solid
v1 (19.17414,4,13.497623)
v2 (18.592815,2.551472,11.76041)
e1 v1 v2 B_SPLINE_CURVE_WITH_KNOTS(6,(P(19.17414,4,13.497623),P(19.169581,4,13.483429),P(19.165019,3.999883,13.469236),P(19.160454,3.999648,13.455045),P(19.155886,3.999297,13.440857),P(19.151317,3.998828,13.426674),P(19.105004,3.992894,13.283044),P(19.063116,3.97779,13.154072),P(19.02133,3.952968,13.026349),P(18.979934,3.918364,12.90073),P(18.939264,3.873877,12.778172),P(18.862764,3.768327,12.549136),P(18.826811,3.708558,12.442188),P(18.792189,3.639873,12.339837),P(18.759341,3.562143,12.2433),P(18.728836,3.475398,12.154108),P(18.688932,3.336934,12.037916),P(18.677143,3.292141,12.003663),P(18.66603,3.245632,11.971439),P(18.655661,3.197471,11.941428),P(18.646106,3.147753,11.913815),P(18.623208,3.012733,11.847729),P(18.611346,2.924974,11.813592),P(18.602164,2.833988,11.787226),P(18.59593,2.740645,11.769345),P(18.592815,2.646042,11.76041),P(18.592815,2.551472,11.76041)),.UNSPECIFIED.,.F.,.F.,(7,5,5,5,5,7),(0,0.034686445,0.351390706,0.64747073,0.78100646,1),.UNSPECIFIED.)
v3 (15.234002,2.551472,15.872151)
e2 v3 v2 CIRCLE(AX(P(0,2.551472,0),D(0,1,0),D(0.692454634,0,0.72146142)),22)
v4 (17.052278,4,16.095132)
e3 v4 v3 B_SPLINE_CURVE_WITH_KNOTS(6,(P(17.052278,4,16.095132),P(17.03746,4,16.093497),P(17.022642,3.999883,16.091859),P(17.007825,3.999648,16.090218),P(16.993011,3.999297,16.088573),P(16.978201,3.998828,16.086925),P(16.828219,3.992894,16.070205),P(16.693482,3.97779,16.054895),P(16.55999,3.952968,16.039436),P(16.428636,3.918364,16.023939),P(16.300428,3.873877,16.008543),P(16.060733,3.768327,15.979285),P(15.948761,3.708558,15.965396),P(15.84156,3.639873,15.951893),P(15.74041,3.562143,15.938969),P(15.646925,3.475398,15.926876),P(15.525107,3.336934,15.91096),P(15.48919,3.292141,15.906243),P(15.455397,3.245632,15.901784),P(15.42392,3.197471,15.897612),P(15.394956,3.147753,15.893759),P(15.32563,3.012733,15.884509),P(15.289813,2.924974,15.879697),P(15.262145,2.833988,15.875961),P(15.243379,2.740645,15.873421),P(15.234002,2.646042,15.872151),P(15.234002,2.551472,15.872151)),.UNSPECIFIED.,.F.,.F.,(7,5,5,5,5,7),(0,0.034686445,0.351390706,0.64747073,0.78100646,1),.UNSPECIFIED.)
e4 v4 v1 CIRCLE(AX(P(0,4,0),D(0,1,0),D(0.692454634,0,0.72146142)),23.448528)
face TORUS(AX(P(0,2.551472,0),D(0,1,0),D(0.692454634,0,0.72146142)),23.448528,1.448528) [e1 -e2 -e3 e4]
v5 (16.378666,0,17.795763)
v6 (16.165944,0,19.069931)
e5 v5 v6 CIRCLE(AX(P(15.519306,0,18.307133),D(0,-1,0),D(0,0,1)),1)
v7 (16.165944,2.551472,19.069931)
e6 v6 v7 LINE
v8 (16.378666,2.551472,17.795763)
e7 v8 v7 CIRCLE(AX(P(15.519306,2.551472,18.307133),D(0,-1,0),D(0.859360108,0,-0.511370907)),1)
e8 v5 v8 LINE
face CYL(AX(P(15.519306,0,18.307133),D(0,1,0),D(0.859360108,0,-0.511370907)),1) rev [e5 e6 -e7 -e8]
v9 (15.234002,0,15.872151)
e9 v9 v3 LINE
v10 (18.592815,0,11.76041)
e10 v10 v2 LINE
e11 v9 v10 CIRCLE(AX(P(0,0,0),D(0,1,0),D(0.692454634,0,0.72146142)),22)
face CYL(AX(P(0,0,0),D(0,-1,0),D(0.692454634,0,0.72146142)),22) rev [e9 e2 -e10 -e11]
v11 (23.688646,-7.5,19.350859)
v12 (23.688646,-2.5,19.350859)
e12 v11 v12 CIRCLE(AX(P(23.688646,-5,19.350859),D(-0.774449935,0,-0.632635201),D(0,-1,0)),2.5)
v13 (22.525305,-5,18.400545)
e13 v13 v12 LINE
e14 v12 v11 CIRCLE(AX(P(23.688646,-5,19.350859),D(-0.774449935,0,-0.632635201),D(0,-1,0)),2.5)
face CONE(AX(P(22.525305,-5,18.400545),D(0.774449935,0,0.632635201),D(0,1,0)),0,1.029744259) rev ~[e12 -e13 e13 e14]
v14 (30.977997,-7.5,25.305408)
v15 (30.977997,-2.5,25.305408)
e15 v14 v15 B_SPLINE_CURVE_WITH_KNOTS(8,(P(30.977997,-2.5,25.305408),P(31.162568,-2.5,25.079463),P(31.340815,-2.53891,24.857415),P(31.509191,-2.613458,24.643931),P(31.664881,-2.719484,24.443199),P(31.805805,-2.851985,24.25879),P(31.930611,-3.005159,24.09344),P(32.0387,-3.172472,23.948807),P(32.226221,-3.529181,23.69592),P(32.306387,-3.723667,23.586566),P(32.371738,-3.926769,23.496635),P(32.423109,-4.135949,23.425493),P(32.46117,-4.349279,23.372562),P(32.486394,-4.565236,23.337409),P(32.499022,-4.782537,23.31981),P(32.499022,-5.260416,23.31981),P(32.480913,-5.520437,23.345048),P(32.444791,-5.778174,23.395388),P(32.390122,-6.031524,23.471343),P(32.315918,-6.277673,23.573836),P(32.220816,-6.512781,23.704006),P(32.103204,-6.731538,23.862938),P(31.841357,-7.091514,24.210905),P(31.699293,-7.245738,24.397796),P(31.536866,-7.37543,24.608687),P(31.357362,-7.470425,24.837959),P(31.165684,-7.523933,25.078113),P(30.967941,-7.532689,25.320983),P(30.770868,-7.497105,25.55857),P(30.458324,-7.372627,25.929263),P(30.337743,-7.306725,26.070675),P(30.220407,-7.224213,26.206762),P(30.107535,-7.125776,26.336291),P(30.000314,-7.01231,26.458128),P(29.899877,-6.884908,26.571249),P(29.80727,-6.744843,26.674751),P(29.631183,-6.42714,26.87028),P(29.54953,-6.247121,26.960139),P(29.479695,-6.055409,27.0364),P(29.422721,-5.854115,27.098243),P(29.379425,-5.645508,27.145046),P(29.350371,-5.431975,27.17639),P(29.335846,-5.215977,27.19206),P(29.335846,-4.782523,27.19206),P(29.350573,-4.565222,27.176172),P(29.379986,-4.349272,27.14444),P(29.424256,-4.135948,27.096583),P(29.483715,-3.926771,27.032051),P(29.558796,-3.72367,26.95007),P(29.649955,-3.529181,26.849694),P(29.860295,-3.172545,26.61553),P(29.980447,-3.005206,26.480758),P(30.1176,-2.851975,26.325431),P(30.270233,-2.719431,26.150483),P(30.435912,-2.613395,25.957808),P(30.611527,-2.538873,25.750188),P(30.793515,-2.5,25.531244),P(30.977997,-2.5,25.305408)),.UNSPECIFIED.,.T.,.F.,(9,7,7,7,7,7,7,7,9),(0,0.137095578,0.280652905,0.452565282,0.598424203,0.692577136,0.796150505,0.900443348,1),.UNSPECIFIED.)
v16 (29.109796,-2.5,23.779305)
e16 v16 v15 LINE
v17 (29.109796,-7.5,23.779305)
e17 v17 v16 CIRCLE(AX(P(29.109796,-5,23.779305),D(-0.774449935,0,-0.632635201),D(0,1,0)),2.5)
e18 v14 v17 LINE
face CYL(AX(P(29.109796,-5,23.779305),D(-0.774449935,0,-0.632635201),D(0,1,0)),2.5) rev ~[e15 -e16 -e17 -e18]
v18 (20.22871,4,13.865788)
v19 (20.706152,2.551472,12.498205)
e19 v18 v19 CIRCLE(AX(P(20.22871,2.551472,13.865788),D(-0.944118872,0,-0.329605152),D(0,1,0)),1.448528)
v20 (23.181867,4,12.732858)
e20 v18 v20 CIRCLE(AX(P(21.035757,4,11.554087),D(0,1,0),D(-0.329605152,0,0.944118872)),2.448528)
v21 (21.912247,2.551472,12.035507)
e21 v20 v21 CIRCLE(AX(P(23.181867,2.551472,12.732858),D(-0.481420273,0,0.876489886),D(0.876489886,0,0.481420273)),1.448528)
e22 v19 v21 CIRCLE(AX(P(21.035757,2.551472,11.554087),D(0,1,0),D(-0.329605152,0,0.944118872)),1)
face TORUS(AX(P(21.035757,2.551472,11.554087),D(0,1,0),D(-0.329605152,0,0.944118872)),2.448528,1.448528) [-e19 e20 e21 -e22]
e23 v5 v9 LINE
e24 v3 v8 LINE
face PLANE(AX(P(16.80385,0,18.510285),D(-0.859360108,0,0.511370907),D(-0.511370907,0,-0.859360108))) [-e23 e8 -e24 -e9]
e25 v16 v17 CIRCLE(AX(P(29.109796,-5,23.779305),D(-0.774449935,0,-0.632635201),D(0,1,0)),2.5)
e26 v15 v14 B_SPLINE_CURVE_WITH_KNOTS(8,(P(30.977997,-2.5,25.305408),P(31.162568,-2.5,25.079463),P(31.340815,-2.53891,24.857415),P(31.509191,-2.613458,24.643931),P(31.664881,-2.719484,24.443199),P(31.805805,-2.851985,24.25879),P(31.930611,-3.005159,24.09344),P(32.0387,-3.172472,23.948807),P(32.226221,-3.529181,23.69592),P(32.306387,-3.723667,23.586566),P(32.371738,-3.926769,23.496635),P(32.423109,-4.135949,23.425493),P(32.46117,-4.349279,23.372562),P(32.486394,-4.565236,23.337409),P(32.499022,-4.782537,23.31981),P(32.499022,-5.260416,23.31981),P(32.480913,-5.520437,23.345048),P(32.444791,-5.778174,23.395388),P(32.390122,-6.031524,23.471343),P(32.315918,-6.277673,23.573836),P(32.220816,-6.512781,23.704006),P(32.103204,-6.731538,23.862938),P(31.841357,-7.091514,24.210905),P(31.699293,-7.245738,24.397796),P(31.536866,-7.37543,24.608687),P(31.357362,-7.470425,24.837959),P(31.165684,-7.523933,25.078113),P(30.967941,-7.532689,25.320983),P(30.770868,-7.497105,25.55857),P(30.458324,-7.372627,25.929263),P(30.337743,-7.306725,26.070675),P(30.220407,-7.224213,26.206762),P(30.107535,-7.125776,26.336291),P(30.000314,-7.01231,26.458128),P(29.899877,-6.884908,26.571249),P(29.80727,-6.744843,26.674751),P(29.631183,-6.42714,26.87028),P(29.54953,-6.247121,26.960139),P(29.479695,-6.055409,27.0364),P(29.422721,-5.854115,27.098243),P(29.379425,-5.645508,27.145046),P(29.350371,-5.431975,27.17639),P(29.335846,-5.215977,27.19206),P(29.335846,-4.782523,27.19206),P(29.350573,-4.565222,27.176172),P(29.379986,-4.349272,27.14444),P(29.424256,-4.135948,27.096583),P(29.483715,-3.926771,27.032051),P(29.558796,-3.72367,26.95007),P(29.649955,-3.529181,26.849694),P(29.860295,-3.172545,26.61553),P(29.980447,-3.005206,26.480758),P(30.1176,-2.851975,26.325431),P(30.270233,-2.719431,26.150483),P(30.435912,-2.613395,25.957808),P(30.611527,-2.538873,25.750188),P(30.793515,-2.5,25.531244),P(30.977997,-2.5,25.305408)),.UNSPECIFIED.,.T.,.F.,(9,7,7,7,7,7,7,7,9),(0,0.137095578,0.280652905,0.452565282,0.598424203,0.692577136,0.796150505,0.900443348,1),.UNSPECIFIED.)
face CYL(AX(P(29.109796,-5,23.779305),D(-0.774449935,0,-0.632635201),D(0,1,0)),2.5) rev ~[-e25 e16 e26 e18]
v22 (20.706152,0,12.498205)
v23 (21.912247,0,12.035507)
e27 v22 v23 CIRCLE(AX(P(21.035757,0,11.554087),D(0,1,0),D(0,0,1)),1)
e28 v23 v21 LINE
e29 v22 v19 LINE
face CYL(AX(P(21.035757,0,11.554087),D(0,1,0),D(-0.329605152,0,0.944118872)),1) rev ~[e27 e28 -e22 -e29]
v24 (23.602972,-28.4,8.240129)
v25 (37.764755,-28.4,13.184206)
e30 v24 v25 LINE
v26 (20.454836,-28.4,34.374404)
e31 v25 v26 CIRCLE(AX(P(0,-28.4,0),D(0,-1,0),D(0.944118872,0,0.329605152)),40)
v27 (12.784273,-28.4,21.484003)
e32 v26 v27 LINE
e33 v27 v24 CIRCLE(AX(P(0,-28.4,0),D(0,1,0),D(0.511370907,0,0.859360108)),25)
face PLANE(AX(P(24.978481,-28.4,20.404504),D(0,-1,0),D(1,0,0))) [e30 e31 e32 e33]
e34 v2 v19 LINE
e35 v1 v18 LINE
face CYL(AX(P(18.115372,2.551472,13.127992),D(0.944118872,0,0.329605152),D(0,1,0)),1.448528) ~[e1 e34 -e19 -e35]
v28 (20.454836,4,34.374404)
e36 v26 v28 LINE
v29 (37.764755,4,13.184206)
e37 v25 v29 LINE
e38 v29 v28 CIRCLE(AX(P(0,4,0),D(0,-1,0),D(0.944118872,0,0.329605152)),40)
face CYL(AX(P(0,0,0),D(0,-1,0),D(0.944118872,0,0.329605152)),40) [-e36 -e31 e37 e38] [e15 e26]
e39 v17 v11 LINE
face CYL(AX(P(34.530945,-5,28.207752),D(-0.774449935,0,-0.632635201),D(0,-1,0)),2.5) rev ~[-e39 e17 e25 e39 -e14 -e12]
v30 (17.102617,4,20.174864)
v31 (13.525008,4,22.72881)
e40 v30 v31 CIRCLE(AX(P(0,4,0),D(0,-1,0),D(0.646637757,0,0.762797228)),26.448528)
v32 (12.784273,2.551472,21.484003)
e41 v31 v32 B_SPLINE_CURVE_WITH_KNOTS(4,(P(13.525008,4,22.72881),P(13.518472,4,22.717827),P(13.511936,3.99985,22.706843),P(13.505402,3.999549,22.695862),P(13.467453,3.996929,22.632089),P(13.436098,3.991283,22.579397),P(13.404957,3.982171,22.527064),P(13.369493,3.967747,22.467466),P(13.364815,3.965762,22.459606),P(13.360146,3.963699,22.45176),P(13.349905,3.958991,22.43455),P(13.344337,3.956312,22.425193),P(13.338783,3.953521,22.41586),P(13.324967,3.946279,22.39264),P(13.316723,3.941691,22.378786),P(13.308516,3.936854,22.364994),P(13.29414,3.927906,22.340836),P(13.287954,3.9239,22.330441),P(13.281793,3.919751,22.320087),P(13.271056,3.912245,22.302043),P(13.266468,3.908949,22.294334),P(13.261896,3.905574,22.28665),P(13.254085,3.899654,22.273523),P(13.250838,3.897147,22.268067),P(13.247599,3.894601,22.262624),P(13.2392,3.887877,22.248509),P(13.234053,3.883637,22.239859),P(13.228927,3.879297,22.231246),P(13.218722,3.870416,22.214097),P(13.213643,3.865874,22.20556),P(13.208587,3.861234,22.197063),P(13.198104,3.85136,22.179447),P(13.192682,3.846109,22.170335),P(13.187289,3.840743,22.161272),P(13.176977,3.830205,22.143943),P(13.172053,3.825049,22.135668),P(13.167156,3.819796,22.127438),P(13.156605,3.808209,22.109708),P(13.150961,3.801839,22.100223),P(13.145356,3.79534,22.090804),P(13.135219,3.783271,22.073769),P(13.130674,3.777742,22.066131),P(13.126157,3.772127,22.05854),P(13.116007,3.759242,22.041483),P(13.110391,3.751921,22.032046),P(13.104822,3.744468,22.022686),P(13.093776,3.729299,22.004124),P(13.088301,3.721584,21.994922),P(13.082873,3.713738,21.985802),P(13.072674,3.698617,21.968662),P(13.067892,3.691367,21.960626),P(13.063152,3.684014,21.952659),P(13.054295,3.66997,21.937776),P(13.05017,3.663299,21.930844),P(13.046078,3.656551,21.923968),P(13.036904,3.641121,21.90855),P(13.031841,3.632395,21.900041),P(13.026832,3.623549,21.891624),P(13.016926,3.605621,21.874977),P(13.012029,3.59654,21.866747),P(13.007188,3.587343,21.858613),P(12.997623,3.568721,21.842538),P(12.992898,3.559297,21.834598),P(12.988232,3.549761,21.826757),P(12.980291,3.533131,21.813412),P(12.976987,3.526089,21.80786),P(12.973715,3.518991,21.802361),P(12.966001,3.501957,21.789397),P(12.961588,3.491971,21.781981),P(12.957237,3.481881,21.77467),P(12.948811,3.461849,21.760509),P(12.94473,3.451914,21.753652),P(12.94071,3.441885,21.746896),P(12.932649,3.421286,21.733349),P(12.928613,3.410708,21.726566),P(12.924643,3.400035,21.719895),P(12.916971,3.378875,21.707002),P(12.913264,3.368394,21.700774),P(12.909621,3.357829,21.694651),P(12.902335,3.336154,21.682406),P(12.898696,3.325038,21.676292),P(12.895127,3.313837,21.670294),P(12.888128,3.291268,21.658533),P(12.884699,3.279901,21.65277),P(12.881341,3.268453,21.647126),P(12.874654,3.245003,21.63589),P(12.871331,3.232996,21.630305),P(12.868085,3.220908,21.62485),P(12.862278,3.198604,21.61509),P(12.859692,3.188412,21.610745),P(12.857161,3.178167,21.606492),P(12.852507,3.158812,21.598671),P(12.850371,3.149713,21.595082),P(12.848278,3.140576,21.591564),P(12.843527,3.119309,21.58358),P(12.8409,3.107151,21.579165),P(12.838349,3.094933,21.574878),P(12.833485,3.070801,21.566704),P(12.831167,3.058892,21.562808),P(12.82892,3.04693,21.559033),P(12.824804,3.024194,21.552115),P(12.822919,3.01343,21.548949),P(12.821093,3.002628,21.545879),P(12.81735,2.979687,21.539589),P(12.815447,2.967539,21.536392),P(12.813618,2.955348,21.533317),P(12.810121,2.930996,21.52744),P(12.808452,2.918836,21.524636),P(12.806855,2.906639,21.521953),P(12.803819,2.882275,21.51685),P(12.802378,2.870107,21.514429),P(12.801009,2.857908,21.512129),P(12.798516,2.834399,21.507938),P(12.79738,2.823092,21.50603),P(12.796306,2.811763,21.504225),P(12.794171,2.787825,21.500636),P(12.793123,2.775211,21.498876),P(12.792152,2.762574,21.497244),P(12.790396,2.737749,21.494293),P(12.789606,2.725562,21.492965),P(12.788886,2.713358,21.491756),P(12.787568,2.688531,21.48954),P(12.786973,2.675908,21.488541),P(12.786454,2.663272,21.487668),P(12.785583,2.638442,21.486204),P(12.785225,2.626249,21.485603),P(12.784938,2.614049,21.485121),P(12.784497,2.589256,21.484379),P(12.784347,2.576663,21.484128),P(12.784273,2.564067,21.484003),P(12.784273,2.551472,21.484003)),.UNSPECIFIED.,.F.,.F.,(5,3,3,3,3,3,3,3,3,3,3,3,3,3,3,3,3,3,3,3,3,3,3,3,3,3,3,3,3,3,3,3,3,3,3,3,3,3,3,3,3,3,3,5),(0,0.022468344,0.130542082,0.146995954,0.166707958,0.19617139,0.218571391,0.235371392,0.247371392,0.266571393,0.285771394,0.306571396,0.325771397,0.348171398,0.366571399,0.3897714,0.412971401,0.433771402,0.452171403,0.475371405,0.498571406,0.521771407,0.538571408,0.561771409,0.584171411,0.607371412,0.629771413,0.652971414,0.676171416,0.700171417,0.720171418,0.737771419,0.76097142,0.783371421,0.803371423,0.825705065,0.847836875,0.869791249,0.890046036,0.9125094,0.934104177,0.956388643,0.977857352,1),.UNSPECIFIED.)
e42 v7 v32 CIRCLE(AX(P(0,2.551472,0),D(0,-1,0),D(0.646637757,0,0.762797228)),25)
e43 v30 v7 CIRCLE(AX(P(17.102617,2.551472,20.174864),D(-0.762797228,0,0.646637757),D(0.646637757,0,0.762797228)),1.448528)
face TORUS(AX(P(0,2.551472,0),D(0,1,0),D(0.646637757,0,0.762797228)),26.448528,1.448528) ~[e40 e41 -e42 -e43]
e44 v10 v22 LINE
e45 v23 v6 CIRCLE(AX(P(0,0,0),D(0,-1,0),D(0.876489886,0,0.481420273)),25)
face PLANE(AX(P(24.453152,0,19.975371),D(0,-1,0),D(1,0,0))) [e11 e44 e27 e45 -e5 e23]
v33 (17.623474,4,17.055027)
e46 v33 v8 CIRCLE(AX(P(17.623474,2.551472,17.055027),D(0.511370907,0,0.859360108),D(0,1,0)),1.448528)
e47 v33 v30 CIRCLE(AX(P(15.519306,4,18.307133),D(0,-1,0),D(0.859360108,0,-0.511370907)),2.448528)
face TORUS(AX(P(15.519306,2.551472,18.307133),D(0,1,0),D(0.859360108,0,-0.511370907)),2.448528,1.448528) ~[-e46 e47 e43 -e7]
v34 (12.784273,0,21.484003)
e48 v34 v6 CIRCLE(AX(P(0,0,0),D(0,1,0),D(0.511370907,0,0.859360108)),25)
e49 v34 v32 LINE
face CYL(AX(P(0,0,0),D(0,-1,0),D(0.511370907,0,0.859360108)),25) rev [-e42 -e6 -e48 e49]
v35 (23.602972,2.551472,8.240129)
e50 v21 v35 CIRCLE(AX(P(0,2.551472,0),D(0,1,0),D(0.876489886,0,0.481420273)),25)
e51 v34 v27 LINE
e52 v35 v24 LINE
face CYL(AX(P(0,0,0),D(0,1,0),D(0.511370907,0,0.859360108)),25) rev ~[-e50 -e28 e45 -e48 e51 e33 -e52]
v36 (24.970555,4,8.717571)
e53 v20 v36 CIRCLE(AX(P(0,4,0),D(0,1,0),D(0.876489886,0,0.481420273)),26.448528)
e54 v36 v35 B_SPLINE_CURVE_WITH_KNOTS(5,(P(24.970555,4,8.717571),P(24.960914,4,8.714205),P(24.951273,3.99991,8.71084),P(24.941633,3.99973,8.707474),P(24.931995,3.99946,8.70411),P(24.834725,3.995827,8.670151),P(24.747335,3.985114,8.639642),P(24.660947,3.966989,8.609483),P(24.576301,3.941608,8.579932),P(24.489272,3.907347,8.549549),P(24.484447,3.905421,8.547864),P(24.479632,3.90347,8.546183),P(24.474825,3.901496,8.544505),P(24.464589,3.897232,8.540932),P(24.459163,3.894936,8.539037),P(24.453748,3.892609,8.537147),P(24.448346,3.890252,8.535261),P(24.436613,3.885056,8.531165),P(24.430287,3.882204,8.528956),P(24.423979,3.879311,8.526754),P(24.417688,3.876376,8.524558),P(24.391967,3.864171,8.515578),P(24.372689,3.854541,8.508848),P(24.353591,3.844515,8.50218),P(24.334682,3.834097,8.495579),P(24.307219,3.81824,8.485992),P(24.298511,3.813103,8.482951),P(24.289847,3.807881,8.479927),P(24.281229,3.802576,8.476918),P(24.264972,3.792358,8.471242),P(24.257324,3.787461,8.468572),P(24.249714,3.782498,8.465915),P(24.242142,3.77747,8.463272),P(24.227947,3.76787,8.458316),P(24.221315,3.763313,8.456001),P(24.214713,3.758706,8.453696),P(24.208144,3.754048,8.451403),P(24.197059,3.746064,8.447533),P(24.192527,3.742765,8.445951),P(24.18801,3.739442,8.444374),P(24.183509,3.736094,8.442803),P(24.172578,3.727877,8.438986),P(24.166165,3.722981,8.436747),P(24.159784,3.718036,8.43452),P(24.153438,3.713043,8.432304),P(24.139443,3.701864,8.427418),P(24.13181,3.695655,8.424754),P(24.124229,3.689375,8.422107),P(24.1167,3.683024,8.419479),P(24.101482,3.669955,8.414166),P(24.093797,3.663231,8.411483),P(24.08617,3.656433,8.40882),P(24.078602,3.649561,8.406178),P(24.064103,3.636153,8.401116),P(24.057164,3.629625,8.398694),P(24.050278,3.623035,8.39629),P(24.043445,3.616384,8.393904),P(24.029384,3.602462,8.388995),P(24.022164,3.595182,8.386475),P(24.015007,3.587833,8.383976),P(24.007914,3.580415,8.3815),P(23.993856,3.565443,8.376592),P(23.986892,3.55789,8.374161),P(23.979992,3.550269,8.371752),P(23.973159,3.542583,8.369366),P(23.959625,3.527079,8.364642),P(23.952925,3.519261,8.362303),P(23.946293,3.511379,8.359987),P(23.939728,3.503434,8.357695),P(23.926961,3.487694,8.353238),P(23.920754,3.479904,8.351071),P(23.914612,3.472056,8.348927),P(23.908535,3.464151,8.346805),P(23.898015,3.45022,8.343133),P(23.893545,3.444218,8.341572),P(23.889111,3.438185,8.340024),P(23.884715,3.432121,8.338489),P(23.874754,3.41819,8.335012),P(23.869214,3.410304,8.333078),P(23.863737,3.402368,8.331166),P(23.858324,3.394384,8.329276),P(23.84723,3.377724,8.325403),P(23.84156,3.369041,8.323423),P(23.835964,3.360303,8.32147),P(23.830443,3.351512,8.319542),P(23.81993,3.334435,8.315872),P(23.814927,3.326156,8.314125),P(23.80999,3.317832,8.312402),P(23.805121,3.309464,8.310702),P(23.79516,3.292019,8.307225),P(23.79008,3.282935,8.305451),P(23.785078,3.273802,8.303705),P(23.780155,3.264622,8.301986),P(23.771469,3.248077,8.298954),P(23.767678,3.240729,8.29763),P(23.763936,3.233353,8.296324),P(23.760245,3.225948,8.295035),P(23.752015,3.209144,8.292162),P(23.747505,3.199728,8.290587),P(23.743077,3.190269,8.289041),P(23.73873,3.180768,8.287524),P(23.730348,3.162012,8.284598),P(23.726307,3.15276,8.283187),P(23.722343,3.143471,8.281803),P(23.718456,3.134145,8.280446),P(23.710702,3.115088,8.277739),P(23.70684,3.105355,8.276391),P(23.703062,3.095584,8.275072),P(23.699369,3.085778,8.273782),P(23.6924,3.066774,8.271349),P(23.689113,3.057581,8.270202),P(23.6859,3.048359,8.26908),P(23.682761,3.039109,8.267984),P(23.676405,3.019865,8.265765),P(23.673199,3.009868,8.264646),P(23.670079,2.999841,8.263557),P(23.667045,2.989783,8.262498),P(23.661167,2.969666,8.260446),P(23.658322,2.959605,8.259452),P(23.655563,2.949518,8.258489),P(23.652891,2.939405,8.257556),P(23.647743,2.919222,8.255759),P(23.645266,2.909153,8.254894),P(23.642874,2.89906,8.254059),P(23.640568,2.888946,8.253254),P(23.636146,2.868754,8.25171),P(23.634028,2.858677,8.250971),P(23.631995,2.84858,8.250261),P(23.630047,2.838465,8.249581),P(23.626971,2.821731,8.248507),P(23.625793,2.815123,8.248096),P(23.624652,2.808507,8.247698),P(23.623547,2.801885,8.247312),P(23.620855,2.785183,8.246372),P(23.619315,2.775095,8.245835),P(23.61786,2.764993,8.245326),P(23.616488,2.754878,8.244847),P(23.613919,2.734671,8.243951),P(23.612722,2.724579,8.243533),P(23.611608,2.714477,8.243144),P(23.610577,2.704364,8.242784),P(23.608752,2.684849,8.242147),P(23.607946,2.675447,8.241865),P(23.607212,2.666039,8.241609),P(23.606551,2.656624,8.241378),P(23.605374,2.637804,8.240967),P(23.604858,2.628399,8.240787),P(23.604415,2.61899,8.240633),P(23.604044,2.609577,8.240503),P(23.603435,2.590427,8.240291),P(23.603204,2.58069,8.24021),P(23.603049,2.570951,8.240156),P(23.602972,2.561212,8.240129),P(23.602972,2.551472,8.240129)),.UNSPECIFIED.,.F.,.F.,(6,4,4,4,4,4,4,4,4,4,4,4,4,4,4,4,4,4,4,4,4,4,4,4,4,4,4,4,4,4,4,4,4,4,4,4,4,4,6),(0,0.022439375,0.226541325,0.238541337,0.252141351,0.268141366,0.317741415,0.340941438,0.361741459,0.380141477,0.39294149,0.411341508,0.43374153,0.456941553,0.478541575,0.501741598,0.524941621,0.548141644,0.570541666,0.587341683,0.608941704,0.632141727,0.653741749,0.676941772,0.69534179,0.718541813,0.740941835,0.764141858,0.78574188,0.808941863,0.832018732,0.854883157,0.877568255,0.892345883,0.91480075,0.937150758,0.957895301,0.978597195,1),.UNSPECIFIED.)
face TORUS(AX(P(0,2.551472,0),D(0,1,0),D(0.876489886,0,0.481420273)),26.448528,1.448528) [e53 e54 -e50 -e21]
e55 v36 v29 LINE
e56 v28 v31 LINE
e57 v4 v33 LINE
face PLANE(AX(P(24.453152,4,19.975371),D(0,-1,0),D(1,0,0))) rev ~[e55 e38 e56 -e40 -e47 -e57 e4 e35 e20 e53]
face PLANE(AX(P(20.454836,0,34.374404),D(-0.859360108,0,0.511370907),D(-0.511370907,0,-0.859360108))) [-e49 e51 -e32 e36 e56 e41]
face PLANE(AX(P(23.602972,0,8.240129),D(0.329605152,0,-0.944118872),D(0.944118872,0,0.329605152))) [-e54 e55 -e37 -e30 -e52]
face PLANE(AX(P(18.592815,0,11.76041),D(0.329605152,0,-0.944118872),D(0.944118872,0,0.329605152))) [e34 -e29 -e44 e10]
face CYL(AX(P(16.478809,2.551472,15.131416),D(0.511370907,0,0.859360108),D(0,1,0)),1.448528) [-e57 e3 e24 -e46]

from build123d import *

# Parameters (mm, degrees)
F2_DEPTH = 28.4
F3_DEPTH = 4
F6_D     = 5
F6_DEPTH = 5
F6_TIP   = 1.5021515476
F7_D     = 5
F7_DEPTH = 7
F7_TIP   = 1.5021515476
F8_R     = 1
F9_R     = 1.4485281374


with BuildPart() as f2:
    # F0 (on Front) → F2 (new body)
    with BuildSketch(Plane.XZ):
        with BuildLine():
            Line((23.6029717884, 8.2401288069), (37.7647548615, 13.1842060911))
            ThreePointArc((37.7647548615, 13.1842060911), (30.9779974122, 25.3054080451), (20.4548362885, 34.3744043208))
            Line((20.4548362885, 34.3744043208), (12.7842726803, 21.4840027005))
            ThreePointArc((12.7842726803, 21.4840027005), (19.3612483826, 15.8158800282), (23.6029717884, 8.2401288069))
        make_face()
    extrude(amount=F2_DEPTH)

    # F1 (on Front) + F0 (on Front) → F3 (join)
    with BuildSketch(Plane.XZ):
        with BuildLine():
            ThreePointArc((15.2340019476, 15.8721512297), (17.0378985767, 13.9179744248), (18.5928148308, 11.7604097152))
            Line((18.5928148308, 11.7604097152), (21.4911474241, 12.7722583124))
            ThreePointArc((21.4911474241, 12.7722583124), (22.6606475272, 10.5591218219), (23.6029717884, 8.2401288069))
            Line((23.6029717884, 8.2401288069), (37.7647548615, 13.1842060911))
            ThreePointArc((37.7647548615, 13.1842060911), (30.9779974122, 25.3054080451), (20.4548362885, 34.3744043208))
            Line((20.4548362885, 34.3744043208), (12.7842726803, 21.4840027005))
            ThreePointArc((12.7842726803, 21.4840027005), (14.8685909795, 20.0978855177), (16.8038497839, 18.5102845046))
            Line((16.8038497839, 18.5102845046), (15.2340019476, 15.8721512297))
        make_face()
    with BuildSketch(Plane.XZ):
        with BuildLine():
            Line((23.6029717884, 8.2401288069), (37.7647548615, 13.1842060911))
            ThreePointArc((37.7647548615, 13.1842060911), (30.9779974122, 25.3054080451), (20.4548362885, 34.3744043208))
            Line((20.4548362885, 34.3744043208), (12.7842726803, 21.4840027005))
            ThreePointArc((12.7842726803, 21.4840027005), (19.3612483826, 15.8158800282), (23.6029717884, 8.2401288069))
        make_face()
    extrude(amount=-F3_DEPTH)

    # F6 (one way)
    with BuildSketch(Plane(origin=(29.109795575, 0, 23.7793052059), x_dir=(0, 1, 0), z_dir=(-0.7744499353, 0, -0.6326352011))):
        with Locations((-5, 0)):
            Circle(F6_D / 2)
    extrude(amount=-F6_DEPTH, mode=Mode.SUBTRACT)
    with Locations(Plane(origin=(29.109795575, 0, 23.7793052059), x_dir=(0, 1, 0), z_dir=(-0.7744499353, 0, -0.6326352011))):
        with Locations((-5, 0)):
            with Locations((0, 0, -(F6_DEPTH + F6_TIP / 2))):  # 118° drill point
                Cone(0, F6_D / 2, F6_TIP, mode=Mode.SUBTRACT)

    # F7
    with Locations(Plane(origin=(29.109795575, 0, 23.7793052059), x_dir=(0, 1, 0), z_dir=(0.7744499353, 0, 0.6326352011))):
        with Locations((-5, 0)):
            Hole(F7_D / 2, depth=F7_DEPTH)
            with Locations((0, 0, -(F7_DEPTH + F7_TIP / 2))):  # 118° drill point
                Cone(0, F7_D / 2, F7_TIP, mode=Mode.SUBTRACT)

    # F8
    f8_edges = [f2.edges().sort_by_distance(p)[0] for p in [
        (21.491147, 2, 12.772258),
        (16.80385, 2, 18.510285),
    ]]
    fillet(f8_edges, radius=F8_R)

    # F9
    f9_edges = [f2.edges().sort_by_distance(p)[0] for p in [
        (17.037899, 4, 13.917974),
        (16.505655, 4, 18.471804),
        (21.393938, 4, 12.487739),
    ]]
    fillet(f9_edges, radius=F9_R)


solid = f2.part
